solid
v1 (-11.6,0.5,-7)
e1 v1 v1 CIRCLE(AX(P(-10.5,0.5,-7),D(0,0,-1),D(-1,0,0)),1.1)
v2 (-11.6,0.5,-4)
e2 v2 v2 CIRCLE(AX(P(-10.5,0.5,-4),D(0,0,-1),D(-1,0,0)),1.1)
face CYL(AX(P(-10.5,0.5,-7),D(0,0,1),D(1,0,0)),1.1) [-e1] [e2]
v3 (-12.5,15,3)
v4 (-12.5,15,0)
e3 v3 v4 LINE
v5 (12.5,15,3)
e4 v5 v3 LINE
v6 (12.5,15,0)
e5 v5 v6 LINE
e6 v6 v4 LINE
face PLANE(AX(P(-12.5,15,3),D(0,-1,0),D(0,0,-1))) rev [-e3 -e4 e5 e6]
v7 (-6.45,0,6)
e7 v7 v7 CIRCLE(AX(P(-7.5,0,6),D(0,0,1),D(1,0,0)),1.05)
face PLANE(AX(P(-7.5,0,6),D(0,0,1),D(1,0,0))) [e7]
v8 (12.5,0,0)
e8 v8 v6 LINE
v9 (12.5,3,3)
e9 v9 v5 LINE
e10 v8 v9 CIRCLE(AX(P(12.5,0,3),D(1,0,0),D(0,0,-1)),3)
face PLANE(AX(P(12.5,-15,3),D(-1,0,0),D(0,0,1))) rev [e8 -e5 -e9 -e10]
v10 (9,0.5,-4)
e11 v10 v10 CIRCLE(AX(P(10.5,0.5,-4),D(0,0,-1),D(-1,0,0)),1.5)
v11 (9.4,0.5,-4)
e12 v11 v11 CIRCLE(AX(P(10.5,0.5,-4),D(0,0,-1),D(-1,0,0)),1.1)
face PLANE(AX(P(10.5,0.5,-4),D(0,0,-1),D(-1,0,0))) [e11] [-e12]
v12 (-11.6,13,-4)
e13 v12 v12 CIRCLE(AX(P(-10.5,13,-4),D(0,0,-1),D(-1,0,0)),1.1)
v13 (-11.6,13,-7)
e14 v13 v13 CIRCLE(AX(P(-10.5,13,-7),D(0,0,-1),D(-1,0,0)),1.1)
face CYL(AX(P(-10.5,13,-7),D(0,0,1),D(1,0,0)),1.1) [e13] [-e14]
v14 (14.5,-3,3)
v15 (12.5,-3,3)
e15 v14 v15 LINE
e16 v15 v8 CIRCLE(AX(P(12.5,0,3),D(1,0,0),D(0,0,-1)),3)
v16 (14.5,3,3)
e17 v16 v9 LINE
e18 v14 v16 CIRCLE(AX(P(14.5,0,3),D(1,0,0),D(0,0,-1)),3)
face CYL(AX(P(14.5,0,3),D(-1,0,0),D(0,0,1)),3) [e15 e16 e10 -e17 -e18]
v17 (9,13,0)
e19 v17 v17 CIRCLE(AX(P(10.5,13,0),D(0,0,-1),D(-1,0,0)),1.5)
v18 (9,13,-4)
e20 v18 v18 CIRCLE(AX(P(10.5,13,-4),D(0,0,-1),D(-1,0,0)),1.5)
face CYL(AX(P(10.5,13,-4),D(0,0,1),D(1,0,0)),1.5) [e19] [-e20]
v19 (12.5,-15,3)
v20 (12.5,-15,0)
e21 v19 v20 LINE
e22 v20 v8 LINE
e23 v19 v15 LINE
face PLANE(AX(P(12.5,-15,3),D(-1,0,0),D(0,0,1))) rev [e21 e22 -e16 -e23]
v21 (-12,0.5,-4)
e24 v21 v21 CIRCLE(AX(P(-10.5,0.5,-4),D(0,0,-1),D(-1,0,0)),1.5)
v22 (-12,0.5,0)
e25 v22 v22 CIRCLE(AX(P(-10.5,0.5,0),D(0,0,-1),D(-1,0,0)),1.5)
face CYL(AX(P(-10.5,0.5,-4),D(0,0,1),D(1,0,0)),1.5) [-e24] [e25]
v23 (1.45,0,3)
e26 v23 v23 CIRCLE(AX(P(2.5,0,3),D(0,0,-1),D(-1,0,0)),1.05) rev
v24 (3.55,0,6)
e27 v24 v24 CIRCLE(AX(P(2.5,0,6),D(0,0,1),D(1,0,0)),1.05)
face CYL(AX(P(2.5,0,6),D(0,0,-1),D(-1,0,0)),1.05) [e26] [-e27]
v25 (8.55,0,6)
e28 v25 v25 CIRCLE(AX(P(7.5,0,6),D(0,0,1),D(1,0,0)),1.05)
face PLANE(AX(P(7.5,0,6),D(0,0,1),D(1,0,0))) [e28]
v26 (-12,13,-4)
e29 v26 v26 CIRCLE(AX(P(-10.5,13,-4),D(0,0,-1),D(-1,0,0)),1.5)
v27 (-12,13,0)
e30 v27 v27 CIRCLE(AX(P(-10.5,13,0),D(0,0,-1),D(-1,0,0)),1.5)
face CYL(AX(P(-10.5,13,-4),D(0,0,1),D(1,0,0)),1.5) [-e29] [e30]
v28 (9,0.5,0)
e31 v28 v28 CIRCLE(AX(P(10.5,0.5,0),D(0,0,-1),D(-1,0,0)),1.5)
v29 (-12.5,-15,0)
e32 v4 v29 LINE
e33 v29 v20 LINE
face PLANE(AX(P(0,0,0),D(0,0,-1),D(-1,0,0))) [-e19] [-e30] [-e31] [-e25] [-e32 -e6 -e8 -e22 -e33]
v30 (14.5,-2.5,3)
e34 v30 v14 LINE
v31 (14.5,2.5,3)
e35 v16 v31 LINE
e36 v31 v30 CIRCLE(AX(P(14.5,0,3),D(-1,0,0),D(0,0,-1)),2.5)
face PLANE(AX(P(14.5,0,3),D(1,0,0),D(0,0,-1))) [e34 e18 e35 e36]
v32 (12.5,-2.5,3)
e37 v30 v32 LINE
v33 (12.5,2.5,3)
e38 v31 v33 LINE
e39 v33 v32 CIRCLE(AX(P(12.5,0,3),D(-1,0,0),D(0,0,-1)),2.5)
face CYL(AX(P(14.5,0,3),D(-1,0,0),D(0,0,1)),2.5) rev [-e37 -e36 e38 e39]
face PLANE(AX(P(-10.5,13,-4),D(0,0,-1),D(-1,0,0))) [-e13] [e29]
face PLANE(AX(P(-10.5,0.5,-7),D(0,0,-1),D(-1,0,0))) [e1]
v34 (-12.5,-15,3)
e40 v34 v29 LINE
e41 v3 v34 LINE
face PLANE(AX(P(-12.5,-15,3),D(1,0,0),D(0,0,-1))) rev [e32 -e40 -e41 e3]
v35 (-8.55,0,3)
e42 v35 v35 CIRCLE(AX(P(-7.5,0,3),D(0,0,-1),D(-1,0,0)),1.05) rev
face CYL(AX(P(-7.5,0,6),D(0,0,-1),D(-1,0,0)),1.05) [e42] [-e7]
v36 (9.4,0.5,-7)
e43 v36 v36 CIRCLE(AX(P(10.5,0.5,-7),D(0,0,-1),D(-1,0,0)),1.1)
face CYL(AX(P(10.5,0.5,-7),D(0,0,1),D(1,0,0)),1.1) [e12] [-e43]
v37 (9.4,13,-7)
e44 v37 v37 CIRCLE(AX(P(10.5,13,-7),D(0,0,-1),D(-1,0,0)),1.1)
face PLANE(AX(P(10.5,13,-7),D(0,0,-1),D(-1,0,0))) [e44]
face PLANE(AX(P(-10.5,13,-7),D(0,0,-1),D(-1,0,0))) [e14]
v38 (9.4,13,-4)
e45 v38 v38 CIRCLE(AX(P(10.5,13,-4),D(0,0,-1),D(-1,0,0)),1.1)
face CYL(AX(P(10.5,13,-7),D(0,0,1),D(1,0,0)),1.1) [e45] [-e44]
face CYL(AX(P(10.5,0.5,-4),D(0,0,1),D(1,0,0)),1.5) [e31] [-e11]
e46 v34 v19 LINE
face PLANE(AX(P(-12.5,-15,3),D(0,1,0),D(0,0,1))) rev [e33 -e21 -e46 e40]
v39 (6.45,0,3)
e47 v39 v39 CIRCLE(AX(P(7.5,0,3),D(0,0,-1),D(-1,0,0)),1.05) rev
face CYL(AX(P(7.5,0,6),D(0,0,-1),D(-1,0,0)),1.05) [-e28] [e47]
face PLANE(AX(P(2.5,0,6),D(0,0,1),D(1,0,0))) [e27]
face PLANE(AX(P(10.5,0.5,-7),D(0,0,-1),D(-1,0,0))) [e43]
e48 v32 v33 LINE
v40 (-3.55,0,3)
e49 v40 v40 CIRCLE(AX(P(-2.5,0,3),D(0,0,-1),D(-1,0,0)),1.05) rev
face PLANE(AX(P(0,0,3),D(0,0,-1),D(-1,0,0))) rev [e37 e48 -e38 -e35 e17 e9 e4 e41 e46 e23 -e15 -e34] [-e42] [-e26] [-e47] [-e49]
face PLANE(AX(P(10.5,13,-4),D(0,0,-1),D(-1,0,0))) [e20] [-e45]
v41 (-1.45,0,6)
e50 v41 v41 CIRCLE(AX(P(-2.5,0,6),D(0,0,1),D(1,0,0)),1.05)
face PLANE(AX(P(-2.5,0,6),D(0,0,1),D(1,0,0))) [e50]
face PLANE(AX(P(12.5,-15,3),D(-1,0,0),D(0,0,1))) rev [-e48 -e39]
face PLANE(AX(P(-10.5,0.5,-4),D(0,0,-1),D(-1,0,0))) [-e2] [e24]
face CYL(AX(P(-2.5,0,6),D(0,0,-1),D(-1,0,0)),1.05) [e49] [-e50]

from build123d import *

# Parameters (mm, degrees)
CROQUIS1_W              = 25
CROQUIS1_H              = 30
SALIENTE_EXTRUIR1_DEPTH = 3
CROQUIS2_R              = 1.05
SALIENTE_EXTRUIR2_DEPTH = 3
SALIENTE_EXTRUIR3_DEPTH = 2
CROQUIS4_R              = 1.5
SALIENTE_EXTRUIR4_DEPTH = 4
CROQUIS5_R              = 1.1
SALIENTE_EXTRUIR5_DEPTH = 3


with BuildPart() as part:
    # Croquis1 → Saliente-Extruir1 (new body)
    with BuildSketch(Plane.XY):
        Rectangle(CROQUIS1_W, CROQUIS1_H)
    extrude(amount=SALIENTE_EXTRUIR1_DEPTH)

    # Croquis2 → Saliente-Extruir2 (add)
    with BuildSketch(Plane.XY.offset(3)):
        with Locations(Location((-7.5, 0, 0), (0, 0, 180))):
            Circle(CROQUIS2_R)
        with Locations(Location((-2.5, 0, 0), (0, 0, 180))):
            Circle(CROQUIS2_R)
        with Locations(Location((2.5, 0, 0), (0, 0, 180))):
            Circle(CROQUIS2_R)
        with Locations(Location((7.5, 0, 0), (0, 0, 180))):
            Circle(CROQUIS2_R)
    extrude(amount=SALIENTE_EXTRUIR2_DEPTH)

    # Croquis3 → Saliente-Extruir3 (add)
    with BuildSketch(Plane(origin=(12.5, 0, 0), x_dir=(0, 0, -1), z_dir=(1, 0, 0))):
        with BuildLine():
            Line((-3, 3), (-3, 2.5))
            ThreePointArc((-3, 2.5), (-0.5, 0), (-3, -2.5))
            Line((-3, -2.5), (-3, -3))
            ThreePointArc((-3, -3), (0, 0), (-3, 3))
        make_face()
    extrude(amount=SALIENTE_EXTRUIR3_DEPTH)

    # Croquis4 → Saliente-Extruir4 (add)
    with BuildSketch(Plane(origin=(0, 0, 0), x_dir=(-1, 0, 0), z_dir=(0, 0, -1))):
        with Locations((10.5, 13)):
            Circle(CROQUIS4_R)
        with Locations((-10.5, 13)):
            Circle(CROQUIS4_R)
        with Locations((-10.5, 0.5)):
            Circle(CROQUIS4_R)
        with Locations((10.5, 0.5)):
            Circle(CROQUIS4_R)
    extrude(amount=SALIENTE_EXTRUIR4_DEPTH)

    # Croquis5 → Saliente-Extruir5 (add)
    with BuildSketch(Plane(origin=(0, 0, -4), x_dir=(-1, 0, 0), z_dir=(0, 0, -1))):
        with Locations((10.5, 13)):
            Circle(CROQUIS5_R)
        with Locations((-10.5, 13)):
            Circle(CROQUIS5_R)
        with Locations((-10.5, 0.5)):
            Circle(CROQUIS5_R)
        with Locations((10.5, 0.5)):
            Circle(CROQUIS5_R)
    extrude(amount=SALIENTE_EXTRUIR5_DEPTH)


solid = part.part
